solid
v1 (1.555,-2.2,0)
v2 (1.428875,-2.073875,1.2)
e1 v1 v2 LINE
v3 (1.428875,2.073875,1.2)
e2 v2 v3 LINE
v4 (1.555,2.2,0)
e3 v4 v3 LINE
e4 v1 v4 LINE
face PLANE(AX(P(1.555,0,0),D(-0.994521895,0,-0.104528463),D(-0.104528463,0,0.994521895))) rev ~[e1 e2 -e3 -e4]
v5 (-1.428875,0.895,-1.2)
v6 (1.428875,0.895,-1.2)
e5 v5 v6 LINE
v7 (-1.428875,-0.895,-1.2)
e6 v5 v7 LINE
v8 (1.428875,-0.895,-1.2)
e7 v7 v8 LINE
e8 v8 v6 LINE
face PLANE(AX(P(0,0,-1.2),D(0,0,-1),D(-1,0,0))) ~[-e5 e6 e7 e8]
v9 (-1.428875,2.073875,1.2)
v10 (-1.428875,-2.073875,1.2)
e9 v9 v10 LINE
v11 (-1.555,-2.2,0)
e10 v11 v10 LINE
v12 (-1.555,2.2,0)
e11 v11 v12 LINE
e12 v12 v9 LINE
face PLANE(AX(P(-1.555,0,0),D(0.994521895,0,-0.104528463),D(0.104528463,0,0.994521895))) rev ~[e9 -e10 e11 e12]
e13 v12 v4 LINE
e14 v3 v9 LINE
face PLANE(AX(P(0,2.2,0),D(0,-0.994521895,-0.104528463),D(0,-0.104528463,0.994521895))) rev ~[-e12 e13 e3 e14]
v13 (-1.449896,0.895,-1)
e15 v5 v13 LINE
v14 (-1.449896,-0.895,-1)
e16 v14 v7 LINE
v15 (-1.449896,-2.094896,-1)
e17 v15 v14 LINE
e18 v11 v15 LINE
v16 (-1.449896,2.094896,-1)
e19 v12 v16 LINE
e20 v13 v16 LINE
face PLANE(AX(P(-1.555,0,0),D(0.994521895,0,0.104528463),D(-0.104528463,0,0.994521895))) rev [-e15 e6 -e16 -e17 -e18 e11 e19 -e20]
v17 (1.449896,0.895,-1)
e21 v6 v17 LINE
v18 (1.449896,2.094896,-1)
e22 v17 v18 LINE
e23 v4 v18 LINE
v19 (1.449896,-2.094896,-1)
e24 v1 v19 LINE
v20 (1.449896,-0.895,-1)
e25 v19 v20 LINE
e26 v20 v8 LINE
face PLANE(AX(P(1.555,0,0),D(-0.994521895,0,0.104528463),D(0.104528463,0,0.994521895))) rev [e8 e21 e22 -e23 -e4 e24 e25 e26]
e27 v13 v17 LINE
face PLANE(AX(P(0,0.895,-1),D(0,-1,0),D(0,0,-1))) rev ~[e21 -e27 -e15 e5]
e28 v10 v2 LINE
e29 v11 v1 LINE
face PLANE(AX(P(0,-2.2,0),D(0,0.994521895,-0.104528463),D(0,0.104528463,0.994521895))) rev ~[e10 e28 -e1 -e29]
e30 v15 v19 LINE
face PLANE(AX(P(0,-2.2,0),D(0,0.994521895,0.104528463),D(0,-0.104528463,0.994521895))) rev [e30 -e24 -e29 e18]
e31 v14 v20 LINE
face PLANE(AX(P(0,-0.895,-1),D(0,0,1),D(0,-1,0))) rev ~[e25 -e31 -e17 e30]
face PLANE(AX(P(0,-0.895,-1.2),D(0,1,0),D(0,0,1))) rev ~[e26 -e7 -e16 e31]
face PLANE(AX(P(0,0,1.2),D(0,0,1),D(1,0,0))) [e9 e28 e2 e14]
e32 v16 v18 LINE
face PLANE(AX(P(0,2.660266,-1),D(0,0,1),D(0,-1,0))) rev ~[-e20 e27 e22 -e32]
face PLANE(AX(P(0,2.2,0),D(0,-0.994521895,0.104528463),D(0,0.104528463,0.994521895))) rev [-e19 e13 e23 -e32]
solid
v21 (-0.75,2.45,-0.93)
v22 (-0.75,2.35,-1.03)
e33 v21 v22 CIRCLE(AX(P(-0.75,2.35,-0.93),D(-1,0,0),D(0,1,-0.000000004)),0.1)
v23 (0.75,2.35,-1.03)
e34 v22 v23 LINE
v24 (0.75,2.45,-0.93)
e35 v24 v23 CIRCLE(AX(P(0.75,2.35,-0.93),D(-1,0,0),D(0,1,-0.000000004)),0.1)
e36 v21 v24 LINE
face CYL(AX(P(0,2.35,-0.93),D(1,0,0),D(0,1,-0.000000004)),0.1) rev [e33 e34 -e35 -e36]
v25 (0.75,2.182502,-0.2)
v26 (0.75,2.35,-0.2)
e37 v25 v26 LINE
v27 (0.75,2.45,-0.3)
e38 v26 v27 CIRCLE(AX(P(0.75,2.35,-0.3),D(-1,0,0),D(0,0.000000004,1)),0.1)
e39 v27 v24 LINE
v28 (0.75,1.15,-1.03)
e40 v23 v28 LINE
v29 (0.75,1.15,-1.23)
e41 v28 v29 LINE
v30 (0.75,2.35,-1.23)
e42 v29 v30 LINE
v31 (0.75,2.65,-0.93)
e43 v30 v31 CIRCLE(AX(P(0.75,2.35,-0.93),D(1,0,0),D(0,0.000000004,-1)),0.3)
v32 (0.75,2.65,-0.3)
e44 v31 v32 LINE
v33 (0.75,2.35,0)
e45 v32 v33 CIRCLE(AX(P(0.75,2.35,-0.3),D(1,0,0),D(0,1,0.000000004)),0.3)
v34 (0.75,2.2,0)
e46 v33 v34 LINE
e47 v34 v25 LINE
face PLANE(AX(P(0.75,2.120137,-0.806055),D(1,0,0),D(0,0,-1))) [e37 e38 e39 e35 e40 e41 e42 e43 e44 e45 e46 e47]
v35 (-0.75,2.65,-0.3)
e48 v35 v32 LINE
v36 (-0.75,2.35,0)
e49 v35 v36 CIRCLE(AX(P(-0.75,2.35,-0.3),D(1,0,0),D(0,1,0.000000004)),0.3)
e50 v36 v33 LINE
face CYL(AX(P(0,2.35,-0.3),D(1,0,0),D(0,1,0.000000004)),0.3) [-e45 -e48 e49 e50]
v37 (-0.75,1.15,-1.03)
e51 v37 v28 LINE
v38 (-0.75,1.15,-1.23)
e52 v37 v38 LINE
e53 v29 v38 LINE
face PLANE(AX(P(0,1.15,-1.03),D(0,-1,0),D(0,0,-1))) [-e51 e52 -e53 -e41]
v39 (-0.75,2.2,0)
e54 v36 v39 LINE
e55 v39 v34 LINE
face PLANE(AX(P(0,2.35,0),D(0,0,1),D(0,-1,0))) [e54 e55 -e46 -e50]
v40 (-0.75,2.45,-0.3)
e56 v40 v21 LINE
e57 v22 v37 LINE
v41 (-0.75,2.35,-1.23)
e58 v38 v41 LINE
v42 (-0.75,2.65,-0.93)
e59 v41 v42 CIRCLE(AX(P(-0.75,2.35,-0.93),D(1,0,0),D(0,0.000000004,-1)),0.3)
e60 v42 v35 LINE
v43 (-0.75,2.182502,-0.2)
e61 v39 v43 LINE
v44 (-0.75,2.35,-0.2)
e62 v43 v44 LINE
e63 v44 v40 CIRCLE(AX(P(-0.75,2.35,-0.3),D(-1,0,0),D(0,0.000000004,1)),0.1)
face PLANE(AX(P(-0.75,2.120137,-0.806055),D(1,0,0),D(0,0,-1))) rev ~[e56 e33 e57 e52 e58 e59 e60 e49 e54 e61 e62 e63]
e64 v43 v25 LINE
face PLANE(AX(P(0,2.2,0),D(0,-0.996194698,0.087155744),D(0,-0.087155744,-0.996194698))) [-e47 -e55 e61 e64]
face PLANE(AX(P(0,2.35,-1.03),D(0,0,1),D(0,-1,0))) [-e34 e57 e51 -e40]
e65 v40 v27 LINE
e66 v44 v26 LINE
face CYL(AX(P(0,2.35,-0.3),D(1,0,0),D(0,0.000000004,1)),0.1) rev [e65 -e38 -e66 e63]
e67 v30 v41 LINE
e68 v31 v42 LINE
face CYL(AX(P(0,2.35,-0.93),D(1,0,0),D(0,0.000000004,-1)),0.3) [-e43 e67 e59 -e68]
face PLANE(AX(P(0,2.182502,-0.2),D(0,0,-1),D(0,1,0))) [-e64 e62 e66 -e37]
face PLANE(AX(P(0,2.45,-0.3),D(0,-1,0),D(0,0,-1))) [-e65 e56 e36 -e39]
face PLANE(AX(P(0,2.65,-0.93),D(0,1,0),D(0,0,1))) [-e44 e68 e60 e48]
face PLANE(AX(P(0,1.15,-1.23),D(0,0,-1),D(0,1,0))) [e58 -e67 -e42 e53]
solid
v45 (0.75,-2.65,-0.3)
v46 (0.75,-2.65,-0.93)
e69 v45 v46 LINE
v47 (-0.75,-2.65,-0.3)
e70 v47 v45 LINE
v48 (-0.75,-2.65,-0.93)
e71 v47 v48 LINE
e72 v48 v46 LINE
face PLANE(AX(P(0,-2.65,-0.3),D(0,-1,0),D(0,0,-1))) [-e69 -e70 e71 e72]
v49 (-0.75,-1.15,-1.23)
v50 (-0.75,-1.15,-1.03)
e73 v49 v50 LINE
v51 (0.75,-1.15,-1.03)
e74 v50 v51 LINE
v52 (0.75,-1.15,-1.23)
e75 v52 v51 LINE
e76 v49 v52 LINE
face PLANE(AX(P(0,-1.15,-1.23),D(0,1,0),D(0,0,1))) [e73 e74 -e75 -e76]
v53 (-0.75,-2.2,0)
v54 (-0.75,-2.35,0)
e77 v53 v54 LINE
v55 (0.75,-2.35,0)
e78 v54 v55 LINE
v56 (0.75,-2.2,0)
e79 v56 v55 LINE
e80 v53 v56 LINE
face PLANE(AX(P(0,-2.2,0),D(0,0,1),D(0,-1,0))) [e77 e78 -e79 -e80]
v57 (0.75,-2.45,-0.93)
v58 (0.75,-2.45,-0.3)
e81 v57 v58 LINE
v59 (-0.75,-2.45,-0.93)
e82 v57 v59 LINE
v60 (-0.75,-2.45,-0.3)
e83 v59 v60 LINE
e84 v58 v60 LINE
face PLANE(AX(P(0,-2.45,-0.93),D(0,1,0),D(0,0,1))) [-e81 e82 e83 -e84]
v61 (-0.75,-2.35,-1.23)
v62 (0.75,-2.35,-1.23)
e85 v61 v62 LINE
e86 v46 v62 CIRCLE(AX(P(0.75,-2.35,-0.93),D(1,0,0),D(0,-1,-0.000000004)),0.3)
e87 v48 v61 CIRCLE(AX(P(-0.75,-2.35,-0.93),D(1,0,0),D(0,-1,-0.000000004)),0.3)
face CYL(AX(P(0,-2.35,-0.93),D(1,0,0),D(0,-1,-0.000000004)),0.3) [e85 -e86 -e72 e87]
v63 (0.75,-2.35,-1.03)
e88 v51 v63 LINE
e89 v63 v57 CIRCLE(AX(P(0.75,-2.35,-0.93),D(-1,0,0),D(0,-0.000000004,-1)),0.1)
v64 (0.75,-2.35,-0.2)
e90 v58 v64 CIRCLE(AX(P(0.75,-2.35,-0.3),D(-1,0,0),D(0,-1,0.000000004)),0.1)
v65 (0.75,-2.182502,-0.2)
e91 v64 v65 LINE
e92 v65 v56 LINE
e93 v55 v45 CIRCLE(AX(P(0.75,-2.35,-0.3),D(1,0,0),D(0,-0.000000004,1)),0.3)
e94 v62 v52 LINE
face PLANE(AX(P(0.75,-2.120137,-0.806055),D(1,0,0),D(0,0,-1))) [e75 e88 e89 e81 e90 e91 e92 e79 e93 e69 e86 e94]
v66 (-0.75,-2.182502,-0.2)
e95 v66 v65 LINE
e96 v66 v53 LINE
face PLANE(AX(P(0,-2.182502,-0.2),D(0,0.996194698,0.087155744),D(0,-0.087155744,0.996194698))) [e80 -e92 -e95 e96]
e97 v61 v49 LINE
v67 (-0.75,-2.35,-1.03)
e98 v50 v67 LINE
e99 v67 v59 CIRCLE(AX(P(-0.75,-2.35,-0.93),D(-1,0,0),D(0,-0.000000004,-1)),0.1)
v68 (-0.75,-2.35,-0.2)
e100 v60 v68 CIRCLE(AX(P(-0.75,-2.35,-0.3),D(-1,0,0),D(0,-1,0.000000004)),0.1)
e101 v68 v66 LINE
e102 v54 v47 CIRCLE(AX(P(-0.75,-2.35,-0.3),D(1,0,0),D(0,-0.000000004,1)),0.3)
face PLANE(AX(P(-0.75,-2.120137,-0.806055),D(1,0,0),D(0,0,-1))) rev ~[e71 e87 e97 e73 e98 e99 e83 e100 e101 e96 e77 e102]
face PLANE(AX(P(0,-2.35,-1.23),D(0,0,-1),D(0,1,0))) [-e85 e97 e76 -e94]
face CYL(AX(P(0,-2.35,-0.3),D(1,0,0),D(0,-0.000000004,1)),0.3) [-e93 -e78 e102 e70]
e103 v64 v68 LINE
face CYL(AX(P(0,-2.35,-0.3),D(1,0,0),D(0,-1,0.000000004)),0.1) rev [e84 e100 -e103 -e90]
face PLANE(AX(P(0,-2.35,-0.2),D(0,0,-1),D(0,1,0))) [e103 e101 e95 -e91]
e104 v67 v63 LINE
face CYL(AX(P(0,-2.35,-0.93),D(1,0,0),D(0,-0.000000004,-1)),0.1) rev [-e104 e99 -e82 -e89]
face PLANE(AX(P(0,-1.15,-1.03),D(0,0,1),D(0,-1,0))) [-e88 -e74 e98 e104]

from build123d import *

# Parameters (mm, degrees)
SZKIC1_W                        = 3.11
SZKIC1_H                        = 4.4
DODANIE_WYCI_GNI_CIE1_DEPTH     = 1.2
DODANIE_WYCI_GNI_CIE1_TAPER     = 6
WYTNIJ_WYCI_GNI_CIE1_DEPTH      = 2.555
WYTNIJ_WYCI_GNI_CIE1_DEPTH_BACK = 2.555
DODANIE_WYCI_GNI_CIE2_DEPTH     = 0.75
DODANIE_WYCI_GNI_CIE2_2_DEPTH   = 0.75


with BuildPart() as part:
    # Szkic1 → Dodanie-wyciągnięcie1 (new body)
    with BuildSketch(Plane.XY):
        Rectangle(SZKIC1_W, SZKIC1_H)
    extrude(amount=DODANIE_WYCI_GNI_CIE1_DEPTH, taper=DODANIE_WYCI_GNI_CIE1_TAPER)

    # Lustro1: part across plane


with BuildPart() as part_1:
    add(part.part)
    add(part.part.mirror(Plane(origin=(0, 0, 0), x_dir=(1, 0, 0), z_dir=(0, 0, -1))))

    # Szkic3 → Wytnij-wyciągnięcie1 (cut, two sides)
    with BuildSketch(Plane(origin=(0, 0, 0), x_dir=(0, 0, -1), z_dir=(1, 0, 0))) as wytnij_wyci_gni_cie1_sk:
        Polygon((1.2, -0.895), (1, -0.895), (1, -2.564937585), (1.280608908, -2.564937585), align=None)
        Polygon((1, 0.895), (1.2, 0.895), (1.494406122, 2.600403108), (1, 2.660266328), align=None)
    extrude(amount=WYTNIJ_WYCI_GNI_CIE1_DEPTH, mode=Mode.SUBTRACT)
    extrude(wytnij_wyci_gni_cie1_sk.sketch, amount=-WYTNIJ_WYCI_GNI_CIE1_DEPTH_BACK, mode=Mode.SUBTRACT)


with BuildPart() as body_2:
    # Szkic5 → Dodanie-wyciągnięcie2 (new body, symmetric)
    with BuildSketch(Plane(origin=(0, 0, 0), x_dir=(0, 0, -1), z_dir=(1, 0, 0))):
        with BuildLine():
            Line((0.2, -2.35), (0.2, -2.182502267))
            Line((0.2, -2.182502267), (0, -2.2))
            Line((0, -2.2), (0, -2.35))
            ThreePointArc((0, -2.35), (0.087867966, -2.562132034), (0.3, -2.65))
            Line((0.3, -2.65), (0.93, -2.65))
            ThreePointArc((0.93, -2.65), (1.142132034, -2.562132034), (1.23, -2.35))
            Line((1.23, -2.35), (1.23, -1.15))
            Line((1.23, -1.15), (1.03, -1.15))
            Line((1.03, -1.15), (1.03, -2.35))
            ThreePointArc((1.03, -2.35), (1.000710678, -2.420710678), (0.93, -2.45))
            Line((0.93, -2.45), (0.3, -2.45))
            ThreePointArc((0.3, -2.45), (0.229289322, -2.420710678), (0.2, -2.35))
        make_face()
    extrude(amount=DODANIE_WYCI_GNI_CIE2_DEPTH, both=True)


with BuildPart() as body_3:
    # Szkic5 → Dodanie-wyci_gni_cie2 2 (new body, symmetric)
    with BuildSketch(Plane(origin=(0, 0, 0), x_dir=(0, 0, -1), z_dir=(1, 0, 0))):
        with BuildLine():
            Line((0.93, 2.65), (0.3, 2.65))
            ThreePointArc((0.3, 2.65), (0.087867966, 2.562132034), (0, 2.35))
            Line((0, 2.35), (0, 2.2))
            Line((0, 2.2), (0.2, 2.182502267))
            Line((0.2, 2.182502267), (0.2, 2.35))
            ThreePointArc((0.2, 2.35), (0.229289322, 2.420710678), (0.3, 2.45))
            Line((0.3, 2.45), (0.93, 2.45))
            ThreePointArc((0.93, 2.45), (1.000710678, 2.420710678), (1.03, 2.35))
            Line((1.03, 2.35), (1.03, 1.15))
            Line((1.03, 1.15), (1.23, 1.15))
            Line((1.23, 1.15), (1.23, 2.35))
            ThreePointArc((1.23, 2.35), (1.142132034, 2.562132034), (0.93, 2.65))
        make_face()
    extrude(amount=DODANIE_WYCI_GNI_CIE2_2_DEPTH, both=True)


solid = Compound([part_1.part, body_2.part, body_3.part])
